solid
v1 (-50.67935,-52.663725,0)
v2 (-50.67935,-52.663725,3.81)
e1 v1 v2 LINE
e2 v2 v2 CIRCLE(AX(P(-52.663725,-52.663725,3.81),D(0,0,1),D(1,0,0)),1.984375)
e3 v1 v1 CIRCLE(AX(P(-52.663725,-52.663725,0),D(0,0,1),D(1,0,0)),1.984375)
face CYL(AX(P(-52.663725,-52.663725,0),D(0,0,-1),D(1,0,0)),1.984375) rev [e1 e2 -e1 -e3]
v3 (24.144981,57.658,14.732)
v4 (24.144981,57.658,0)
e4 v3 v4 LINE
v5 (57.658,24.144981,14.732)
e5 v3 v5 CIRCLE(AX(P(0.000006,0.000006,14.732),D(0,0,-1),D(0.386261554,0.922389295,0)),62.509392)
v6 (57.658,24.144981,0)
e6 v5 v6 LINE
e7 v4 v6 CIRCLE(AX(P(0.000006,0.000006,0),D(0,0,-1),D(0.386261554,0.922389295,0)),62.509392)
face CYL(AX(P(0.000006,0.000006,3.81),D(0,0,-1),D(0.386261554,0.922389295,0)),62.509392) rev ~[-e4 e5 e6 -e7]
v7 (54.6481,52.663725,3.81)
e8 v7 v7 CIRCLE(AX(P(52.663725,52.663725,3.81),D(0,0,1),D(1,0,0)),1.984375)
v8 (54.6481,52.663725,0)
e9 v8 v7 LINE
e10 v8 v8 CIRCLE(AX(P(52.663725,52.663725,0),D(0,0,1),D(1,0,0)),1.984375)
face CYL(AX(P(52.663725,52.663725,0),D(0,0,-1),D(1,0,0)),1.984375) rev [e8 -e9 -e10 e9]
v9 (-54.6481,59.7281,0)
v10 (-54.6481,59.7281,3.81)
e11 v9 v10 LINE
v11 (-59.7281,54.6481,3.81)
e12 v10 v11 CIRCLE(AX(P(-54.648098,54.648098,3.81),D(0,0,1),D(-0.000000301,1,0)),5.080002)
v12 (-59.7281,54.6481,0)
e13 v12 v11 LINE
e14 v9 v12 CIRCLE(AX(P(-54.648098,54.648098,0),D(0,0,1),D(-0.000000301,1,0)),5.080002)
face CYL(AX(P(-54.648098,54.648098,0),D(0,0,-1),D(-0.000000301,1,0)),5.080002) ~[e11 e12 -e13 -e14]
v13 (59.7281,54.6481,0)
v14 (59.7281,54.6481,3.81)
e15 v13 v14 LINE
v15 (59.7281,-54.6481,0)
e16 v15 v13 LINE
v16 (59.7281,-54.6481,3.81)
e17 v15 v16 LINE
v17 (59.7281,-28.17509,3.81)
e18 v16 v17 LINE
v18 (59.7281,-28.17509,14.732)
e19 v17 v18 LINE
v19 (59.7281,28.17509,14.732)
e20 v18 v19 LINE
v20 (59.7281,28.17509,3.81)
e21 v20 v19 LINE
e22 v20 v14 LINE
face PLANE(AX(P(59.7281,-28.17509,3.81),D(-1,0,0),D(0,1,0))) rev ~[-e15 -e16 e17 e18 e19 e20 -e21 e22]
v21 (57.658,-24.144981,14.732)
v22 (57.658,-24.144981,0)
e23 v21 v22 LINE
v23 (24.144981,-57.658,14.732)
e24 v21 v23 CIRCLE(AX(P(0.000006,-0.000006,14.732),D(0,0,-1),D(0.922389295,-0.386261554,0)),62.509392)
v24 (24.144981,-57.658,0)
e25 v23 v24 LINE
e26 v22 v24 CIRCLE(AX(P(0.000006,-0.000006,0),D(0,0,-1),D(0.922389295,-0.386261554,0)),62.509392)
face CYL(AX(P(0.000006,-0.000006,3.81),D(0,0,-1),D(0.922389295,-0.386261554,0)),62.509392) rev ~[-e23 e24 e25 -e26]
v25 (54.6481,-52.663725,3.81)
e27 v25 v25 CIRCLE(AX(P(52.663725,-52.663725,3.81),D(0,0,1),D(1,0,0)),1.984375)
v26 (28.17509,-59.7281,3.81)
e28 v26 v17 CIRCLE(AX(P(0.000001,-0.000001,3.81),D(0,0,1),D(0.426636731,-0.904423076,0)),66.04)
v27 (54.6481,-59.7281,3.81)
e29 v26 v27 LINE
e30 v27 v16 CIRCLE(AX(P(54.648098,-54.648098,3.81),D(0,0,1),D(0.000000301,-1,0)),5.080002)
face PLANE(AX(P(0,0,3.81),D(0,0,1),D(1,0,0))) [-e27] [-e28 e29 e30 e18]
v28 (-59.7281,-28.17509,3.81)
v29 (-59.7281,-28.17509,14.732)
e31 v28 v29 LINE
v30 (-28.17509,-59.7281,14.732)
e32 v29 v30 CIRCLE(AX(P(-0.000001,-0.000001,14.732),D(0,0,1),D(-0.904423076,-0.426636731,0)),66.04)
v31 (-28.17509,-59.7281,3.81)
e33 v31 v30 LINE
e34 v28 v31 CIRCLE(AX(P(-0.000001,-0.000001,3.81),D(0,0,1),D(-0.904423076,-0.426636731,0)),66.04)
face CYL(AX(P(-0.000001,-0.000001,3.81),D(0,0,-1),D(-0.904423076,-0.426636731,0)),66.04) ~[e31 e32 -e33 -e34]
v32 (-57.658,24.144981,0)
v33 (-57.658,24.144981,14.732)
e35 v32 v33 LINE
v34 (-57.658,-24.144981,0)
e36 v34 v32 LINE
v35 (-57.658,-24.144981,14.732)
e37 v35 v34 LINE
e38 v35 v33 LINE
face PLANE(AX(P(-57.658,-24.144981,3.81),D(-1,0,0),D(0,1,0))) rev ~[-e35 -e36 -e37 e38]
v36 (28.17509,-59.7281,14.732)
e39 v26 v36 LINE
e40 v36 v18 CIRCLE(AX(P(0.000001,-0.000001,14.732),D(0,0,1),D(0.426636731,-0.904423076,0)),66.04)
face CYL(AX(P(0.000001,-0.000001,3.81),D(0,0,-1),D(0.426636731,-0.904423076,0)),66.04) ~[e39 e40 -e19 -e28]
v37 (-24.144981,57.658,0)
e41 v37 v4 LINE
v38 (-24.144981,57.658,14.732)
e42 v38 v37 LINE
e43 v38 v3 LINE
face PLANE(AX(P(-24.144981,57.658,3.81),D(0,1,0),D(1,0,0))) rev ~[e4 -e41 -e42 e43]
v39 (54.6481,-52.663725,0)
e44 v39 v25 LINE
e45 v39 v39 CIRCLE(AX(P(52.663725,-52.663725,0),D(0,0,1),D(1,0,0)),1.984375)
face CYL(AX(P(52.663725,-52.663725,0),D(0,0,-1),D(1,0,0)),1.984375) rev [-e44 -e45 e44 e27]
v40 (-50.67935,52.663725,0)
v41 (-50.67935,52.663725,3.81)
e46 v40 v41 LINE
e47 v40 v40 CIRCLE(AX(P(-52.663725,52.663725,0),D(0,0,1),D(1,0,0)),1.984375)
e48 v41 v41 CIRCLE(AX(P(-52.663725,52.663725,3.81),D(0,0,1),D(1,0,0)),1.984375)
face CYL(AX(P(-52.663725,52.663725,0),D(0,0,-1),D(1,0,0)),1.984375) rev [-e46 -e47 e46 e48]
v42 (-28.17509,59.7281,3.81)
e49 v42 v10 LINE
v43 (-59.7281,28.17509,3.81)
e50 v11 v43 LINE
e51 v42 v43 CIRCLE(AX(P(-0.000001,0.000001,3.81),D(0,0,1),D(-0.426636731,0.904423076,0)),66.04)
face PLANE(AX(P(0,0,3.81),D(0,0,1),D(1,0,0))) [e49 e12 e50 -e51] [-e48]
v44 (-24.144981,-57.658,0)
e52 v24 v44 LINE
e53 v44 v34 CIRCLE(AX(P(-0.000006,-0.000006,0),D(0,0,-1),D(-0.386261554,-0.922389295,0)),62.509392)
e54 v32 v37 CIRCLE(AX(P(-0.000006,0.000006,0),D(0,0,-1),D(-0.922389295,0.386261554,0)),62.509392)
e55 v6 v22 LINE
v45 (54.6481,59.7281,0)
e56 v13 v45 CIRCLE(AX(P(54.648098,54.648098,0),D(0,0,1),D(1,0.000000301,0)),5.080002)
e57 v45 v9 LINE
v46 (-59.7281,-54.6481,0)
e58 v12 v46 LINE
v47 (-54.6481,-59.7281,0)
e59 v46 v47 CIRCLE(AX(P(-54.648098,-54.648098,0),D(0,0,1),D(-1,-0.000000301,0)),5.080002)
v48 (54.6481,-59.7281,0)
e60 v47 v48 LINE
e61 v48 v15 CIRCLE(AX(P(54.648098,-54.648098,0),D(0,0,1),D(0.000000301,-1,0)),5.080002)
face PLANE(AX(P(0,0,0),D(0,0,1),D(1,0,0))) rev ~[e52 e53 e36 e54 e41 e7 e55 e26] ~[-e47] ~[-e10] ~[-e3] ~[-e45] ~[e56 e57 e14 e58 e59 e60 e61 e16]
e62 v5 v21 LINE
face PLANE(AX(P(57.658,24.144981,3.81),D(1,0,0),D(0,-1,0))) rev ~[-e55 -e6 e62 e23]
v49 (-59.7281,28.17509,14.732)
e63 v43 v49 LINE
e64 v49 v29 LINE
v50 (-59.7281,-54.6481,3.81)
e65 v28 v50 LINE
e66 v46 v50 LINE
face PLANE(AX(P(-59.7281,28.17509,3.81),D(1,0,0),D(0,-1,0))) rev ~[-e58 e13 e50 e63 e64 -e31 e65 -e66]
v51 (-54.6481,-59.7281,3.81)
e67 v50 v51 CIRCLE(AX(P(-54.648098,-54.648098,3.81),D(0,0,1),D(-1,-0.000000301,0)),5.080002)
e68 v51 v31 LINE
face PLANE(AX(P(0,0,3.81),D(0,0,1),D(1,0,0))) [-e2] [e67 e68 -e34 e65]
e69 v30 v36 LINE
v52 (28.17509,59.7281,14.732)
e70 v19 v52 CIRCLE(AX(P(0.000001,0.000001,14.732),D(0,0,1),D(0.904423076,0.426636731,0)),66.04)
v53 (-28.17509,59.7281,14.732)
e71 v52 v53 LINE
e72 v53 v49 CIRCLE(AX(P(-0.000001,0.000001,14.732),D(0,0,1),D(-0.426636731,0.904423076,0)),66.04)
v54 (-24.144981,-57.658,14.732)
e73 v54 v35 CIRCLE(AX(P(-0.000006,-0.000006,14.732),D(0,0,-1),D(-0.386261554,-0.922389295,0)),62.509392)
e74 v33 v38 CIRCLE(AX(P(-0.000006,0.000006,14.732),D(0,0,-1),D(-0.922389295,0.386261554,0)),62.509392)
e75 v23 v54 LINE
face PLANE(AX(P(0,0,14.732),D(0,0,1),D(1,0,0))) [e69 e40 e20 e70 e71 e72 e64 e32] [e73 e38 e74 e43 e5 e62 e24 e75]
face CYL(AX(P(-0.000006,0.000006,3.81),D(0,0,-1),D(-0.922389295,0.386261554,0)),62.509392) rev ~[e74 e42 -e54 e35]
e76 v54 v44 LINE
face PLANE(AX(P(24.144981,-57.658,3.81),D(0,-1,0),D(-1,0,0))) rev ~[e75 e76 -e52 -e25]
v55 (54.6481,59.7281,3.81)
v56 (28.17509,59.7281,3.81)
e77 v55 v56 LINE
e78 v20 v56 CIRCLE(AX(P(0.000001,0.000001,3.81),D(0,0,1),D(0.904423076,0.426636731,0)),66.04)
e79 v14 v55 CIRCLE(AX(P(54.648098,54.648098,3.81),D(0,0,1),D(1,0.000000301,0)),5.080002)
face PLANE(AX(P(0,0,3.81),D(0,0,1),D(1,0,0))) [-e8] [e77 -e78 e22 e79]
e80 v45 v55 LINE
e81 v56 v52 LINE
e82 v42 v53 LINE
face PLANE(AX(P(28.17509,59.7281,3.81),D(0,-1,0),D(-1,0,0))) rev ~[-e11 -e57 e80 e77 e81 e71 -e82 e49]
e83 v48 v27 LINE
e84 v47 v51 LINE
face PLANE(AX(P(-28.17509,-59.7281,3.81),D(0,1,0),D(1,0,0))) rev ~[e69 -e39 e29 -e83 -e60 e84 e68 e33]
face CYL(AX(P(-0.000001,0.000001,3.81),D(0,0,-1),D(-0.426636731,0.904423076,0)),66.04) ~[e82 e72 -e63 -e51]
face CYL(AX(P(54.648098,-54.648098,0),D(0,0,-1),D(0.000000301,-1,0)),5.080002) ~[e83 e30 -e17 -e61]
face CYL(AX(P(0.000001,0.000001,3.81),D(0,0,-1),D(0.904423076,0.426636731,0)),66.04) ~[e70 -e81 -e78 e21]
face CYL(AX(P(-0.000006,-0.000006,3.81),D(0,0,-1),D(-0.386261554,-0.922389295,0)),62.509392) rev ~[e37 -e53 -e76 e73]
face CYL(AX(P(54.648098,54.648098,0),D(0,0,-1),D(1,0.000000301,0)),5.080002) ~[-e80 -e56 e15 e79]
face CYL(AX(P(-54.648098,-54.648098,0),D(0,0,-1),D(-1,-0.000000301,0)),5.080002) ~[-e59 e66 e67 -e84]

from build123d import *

# Parameters (mm, degrees)
F0_R     = 1.984375
F1_DEPTH = 3.81
F3_DEPTH = 10.922


with BuildPart() as f1:
    # F0 (on Top) → F1 (new body)
    with BuildSketch(Plane.XY):
        with BuildLine():
            Line((-59.7281, 54.6481), (-59.7281, 0))
            Line((-59.7281, 0), (-59.7281, -54.6481))
            ThreePointArc((-59.7281, -54.6481), (-58.240202, -58.240202), (-54.6481, -59.7281))
            Line((-54.6481, -59.7281), (0, -59.7281))
            Line((0, -59.7281), (54.6481, -59.7281))
            ThreePointArc((54.6481, -59.7281), (58.240202, -58.240202), (59.7281, -54.6481))
            Line((59.7281, -54.6481), (59.7281, 0))
            Line((59.7281, 0), (59.7281, 54.6481))
            ThreePointArc((59.7281, 54.6481), (58.240202, 58.240202), (54.6481, 59.7281))
            Line((54.6481, 59.7281), (0, 59.7281))
            Line((0, 59.7281), (-54.6481, 59.7281))
            ThreePointArc((-54.6481, 59.7281), (-58.240202, 58.240202), (-59.7281, 54.6481))
        make_face()
        with Locations((-52.663725, -52.663725)):
            Circle(F0_R, mode=Mode.SUBTRACT)
        with Locations((52.663725, -52.663725)):
            Circle(F0_R, mode=Mode.SUBTRACT)
        with Locations((-52.663725, 52.663725)):
            Circle(F0_R, mode=Mode.SUBTRACT)
        with BuildLine():
            Line((-57.658, -24.144981), (-57.658, 0))
            Line((-57.658, 0), (-57.658, 24.144981))
            Line((-57.658, 24.144981), (-57.658, 44.292091))
            ThreePointArc((-57.658, 44.292091), (-56.914051, 46.088142), (-55.118, 46.832091))
            Line((-55.118, 46.832091), (-49.372091, 46.832091))
            ThreePointArc((-49.372091, 46.832091), (-47.57604, 47.57604), (-46.832091, 49.372091))
            Line((-46.832091, 49.372091), (-46.832091, 55.118))
            ThreePointArc((-46.832091, 55.118), (-46.088142, 56.914051), (-44.292091, 57.658))
            Line((-44.292091, 57.658), (-24.144981, 57.658))
            Line((-24.144981, 57.658), (0, 57.658))
            Line((0, 57.658), (24.144981, 57.658))
            Line((24.144981, 57.658), (44.292091, 57.658))
            ThreePointArc((44.292091, 57.658), (46.088142, 56.914051), (46.832091, 55.118))
            Line((46.832091, 55.118), (46.832091, 49.372091))
            ThreePointArc((46.832091, 49.372091), (47.57604, 47.57604), (49.372091, 46.832091))
            Line((49.372091, 46.832091), (55.118, 46.832091))
            ThreePointArc((55.118, 46.832091), (56.914051, 46.088142), (57.658, 44.292091))
            Line((57.658, 44.292091), (57.658, 24.144981))
            Line((57.658, 24.144981), (57.658, 0))
            Line((57.658, 0), (57.658, -24.144981))
            Line((57.658, -24.144981), (57.658, -44.292091))
            ThreePointArc((57.658, -44.292091), (56.914051, -46.088142), (55.118, -46.832091))
            Line((55.118, -46.832091), (49.372091, -46.832091))
            ThreePointArc((49.372091, -46.832091), (47.57604, -47.57604), (46.832091, -49.372091))
            Line((46.832091, -49.372091), (46.832091, -55.118))
            ThreePointArc((46.832091, -55.118), (46.088142, -56.914051), (44.292091, -57.658))
            Line((44.292091, -57.658), (24.144981, -57.658))
            Line((24.144981, -57.658), (0, -57.658))
            Line((0, -57.658), (-24.144981, -57.658))
            Line((-24.144981, -57.658), (-44.292091, -57.658))
            ThreePointArc((-44.292091, -57.658), (-46.088142, -56.914051), (-46.832091, -55.118))
            Line((-46.832091, -55.118), (-46.832091, -49.372091))
            ThreePointArc((-46.832091, -49.372091), (-47.57604, -47.57604), (-49.372091, -46.832091))
            Line((-49.372091, -46.832091), (-55.118, -46.832091))
            ThreePointArc((-55.118, -46.832091), (-56.914051, -46.088142), (-57.658, -44.292091))
            Line((-57.658, -44.292091), (-57.658, -24.144981))
        make_face(mode=Mode.SUBTRACT)
        with Locations((52.663725, 52.663725)):
            Circle(F0_R, mode=Mode.SUBTRACT)
        with BuildLine():
            Line((-57.658, 44.292091), (-57.658, 24.144981))
            ThreePointArc((-57.658, 24.144981), (-44.200821, 44.200821), (-24.144981, 57.658))
            Line((-24.144981, 57.658), (-44.292091, 57.658))
            ThreePointArc((-44.292091, 57.658), (-46.088142, 56.914051), (-46.832091, 55.118))
            Line((-46.832091, 55.118), (-46.832091, 49.372091))
            ThreePointArc((-46.832091, 49.372091), (-47.57604, 47.57604), (-49.372091, 46.832091))
            Line((-49.372091, 46.832091), (-55.118, 46.832091))
            ThreePointArc((-55.118, 46.832091), (-56.914051, 46.088142), (-57.658, 44.292091))
        make_face()
        with BuildLine():
            ThreePointArc((-24.144981, -57.658), (-44.200821, -44.200821), (-57.658, -24.144981))
            Line((-57.658, -24.144981), (-57.658, -44.292091))
            ThreePointArc((-57.658, -44.292091), (-56.914051, -46.088142), (-55.118, -46.832091))
            Line((-55.118, -46.832091), (-49.372091, -46.832091))
            ThreePointArc((-49.372091, -46.832091), (-47.57604, -47.57604), (-46.832091, -49.372091))
            Line((-46.832091, -49.372091), (-46.832091, -55.118))
            ThreePointArc((-46.832091, -55.118), (-46.088142, -56.914051), (-44.292091, -57.658))
            Line((-44.292091, -57.658), (-24.144981, -57.658))
        make_face()
        with BuildLine():
            ThreePointArc((57.658, -24.144981), (44.200821, -44.200821), (24.144981, -57.658))
            Line((24.144981, -57.658), (44.292091, -57.658))
            ThreePointArc((44.292091, -57.658), (46.088142, -56.914051), (46.832091, -55.118))
            Line((46.832091, -55.118), (46.832091, -49.372091))
            ThreePointArc((46.832091, -49.372091), (47.57604, -47.57604), (49.372091, -46.832091))
            Line((49.372091, -46.832091), (55.118, -46.832091))
            ThreePointArc((55.118, -46.832091), (56.914051, -46.088142), (57.658, -44.292091))
            Line((57.658, -44.292091), (57.658, -24.144981))
        make_face()
        with BuildLine():
            Line((44.292091, 57.658), (24.144981, 57.658))
            ThreePointArc((24.144981, 57.658), (44.200821, 44.200821), (57.658, 24.144981))
            Line((57.658, 24.144981), (57.658, 44.292091))
            ThreePointArc((57.658, 44.292091), (56.914051, 46.088142), (55.118, 46.832091))
            Line((55.118, 46.832091), (49.372091, 46.832091))
            ThreePointArc((49.372091, 46.832091), (47.57604, 47.57604), (46.832091, 49.372091))
            Line((46.832091, 49.372091), (46.832091, 55.118))
            ThreePointArc((46.832091, 55.118), (46.088142, 56.914051), (44.292091, 57.658))
        make_face()
    extrude(amount=F1_DEPTH)

    # F2 (on face) → F3 (join)
    with BuildSketch(Plane.XY.offset(3.81)):
        with BuildLine():
            ThreePointArc((-28.17509, 59.7281), (-46.697332, 46.697332), (-59.7281, 28.17509))
            Line((-59.7281, 28.17509), (-59.7281, 0))
            Line((-59.7281, 0), (-59.7281, -28.17509))
            ThreePointArc((-59.7281, -28.17509), (-46.697332, -46.697332), (-28.17509, -59.7281))
            Line((-28.17509, -59.7281), (0, -59.7281))
            Line((0, -59.7281), (28.17509, -59.7281))
            ThreePointArc((28.17509, -59.7281), (46.697332, -46.697332), (59.7281, -28.17509))
            Line((59.7281, -28.17509), (59.7281, 0))
            Line((59.7281, 0), (59.7281, 28.17509))
            ThreePointArc((59.7281, 28.17509), (46.697332, 46.697332), (28.17509, 59.7281))
            Line((28.17509, 59.7281), (0, 59.7281))
            Line((0, 59.7281), (-28.17509, 59.7281))
        make_face()
        with BuildLine():
            Line((-57.658, 0), (-57.658, 24.144981))
            ThreePointArc((-57.658, 24.144981), (-44.200821, 44.200821), (-24.144981, 57.658))
            Line((-24.144981, 57.658), (0, 57.658))
            Line((0, 57.658), (24.144981, 57.658))
            ThreePointArc((24.144981, 57.658), (44.200821, 44.200821), (57.658, 24.144981))
            Line((57.658, 24.144981), (57.658, 0))
            Line((57.658, 0), (57.658, -24.144981))
            ThreePointArc((57.658, -24.144981), (44.200821, -44.200821), (24.144981, -57.658))
            Line((24.144981, -57.658), (0, -57.658))
            Line((0, -57.658), (-24.144981, -57.658))
            ThreePointArc((-24.144981, -57.658), (-44.200821, -44.200821), (-57.658, -24.144981))
            Line((-57.658, -24.144981), (-57.658, 0))
        make_face(mode=Mode.SUBTRACT)
    extrude(amount=F3_DEPTH)


solid = f1.part
